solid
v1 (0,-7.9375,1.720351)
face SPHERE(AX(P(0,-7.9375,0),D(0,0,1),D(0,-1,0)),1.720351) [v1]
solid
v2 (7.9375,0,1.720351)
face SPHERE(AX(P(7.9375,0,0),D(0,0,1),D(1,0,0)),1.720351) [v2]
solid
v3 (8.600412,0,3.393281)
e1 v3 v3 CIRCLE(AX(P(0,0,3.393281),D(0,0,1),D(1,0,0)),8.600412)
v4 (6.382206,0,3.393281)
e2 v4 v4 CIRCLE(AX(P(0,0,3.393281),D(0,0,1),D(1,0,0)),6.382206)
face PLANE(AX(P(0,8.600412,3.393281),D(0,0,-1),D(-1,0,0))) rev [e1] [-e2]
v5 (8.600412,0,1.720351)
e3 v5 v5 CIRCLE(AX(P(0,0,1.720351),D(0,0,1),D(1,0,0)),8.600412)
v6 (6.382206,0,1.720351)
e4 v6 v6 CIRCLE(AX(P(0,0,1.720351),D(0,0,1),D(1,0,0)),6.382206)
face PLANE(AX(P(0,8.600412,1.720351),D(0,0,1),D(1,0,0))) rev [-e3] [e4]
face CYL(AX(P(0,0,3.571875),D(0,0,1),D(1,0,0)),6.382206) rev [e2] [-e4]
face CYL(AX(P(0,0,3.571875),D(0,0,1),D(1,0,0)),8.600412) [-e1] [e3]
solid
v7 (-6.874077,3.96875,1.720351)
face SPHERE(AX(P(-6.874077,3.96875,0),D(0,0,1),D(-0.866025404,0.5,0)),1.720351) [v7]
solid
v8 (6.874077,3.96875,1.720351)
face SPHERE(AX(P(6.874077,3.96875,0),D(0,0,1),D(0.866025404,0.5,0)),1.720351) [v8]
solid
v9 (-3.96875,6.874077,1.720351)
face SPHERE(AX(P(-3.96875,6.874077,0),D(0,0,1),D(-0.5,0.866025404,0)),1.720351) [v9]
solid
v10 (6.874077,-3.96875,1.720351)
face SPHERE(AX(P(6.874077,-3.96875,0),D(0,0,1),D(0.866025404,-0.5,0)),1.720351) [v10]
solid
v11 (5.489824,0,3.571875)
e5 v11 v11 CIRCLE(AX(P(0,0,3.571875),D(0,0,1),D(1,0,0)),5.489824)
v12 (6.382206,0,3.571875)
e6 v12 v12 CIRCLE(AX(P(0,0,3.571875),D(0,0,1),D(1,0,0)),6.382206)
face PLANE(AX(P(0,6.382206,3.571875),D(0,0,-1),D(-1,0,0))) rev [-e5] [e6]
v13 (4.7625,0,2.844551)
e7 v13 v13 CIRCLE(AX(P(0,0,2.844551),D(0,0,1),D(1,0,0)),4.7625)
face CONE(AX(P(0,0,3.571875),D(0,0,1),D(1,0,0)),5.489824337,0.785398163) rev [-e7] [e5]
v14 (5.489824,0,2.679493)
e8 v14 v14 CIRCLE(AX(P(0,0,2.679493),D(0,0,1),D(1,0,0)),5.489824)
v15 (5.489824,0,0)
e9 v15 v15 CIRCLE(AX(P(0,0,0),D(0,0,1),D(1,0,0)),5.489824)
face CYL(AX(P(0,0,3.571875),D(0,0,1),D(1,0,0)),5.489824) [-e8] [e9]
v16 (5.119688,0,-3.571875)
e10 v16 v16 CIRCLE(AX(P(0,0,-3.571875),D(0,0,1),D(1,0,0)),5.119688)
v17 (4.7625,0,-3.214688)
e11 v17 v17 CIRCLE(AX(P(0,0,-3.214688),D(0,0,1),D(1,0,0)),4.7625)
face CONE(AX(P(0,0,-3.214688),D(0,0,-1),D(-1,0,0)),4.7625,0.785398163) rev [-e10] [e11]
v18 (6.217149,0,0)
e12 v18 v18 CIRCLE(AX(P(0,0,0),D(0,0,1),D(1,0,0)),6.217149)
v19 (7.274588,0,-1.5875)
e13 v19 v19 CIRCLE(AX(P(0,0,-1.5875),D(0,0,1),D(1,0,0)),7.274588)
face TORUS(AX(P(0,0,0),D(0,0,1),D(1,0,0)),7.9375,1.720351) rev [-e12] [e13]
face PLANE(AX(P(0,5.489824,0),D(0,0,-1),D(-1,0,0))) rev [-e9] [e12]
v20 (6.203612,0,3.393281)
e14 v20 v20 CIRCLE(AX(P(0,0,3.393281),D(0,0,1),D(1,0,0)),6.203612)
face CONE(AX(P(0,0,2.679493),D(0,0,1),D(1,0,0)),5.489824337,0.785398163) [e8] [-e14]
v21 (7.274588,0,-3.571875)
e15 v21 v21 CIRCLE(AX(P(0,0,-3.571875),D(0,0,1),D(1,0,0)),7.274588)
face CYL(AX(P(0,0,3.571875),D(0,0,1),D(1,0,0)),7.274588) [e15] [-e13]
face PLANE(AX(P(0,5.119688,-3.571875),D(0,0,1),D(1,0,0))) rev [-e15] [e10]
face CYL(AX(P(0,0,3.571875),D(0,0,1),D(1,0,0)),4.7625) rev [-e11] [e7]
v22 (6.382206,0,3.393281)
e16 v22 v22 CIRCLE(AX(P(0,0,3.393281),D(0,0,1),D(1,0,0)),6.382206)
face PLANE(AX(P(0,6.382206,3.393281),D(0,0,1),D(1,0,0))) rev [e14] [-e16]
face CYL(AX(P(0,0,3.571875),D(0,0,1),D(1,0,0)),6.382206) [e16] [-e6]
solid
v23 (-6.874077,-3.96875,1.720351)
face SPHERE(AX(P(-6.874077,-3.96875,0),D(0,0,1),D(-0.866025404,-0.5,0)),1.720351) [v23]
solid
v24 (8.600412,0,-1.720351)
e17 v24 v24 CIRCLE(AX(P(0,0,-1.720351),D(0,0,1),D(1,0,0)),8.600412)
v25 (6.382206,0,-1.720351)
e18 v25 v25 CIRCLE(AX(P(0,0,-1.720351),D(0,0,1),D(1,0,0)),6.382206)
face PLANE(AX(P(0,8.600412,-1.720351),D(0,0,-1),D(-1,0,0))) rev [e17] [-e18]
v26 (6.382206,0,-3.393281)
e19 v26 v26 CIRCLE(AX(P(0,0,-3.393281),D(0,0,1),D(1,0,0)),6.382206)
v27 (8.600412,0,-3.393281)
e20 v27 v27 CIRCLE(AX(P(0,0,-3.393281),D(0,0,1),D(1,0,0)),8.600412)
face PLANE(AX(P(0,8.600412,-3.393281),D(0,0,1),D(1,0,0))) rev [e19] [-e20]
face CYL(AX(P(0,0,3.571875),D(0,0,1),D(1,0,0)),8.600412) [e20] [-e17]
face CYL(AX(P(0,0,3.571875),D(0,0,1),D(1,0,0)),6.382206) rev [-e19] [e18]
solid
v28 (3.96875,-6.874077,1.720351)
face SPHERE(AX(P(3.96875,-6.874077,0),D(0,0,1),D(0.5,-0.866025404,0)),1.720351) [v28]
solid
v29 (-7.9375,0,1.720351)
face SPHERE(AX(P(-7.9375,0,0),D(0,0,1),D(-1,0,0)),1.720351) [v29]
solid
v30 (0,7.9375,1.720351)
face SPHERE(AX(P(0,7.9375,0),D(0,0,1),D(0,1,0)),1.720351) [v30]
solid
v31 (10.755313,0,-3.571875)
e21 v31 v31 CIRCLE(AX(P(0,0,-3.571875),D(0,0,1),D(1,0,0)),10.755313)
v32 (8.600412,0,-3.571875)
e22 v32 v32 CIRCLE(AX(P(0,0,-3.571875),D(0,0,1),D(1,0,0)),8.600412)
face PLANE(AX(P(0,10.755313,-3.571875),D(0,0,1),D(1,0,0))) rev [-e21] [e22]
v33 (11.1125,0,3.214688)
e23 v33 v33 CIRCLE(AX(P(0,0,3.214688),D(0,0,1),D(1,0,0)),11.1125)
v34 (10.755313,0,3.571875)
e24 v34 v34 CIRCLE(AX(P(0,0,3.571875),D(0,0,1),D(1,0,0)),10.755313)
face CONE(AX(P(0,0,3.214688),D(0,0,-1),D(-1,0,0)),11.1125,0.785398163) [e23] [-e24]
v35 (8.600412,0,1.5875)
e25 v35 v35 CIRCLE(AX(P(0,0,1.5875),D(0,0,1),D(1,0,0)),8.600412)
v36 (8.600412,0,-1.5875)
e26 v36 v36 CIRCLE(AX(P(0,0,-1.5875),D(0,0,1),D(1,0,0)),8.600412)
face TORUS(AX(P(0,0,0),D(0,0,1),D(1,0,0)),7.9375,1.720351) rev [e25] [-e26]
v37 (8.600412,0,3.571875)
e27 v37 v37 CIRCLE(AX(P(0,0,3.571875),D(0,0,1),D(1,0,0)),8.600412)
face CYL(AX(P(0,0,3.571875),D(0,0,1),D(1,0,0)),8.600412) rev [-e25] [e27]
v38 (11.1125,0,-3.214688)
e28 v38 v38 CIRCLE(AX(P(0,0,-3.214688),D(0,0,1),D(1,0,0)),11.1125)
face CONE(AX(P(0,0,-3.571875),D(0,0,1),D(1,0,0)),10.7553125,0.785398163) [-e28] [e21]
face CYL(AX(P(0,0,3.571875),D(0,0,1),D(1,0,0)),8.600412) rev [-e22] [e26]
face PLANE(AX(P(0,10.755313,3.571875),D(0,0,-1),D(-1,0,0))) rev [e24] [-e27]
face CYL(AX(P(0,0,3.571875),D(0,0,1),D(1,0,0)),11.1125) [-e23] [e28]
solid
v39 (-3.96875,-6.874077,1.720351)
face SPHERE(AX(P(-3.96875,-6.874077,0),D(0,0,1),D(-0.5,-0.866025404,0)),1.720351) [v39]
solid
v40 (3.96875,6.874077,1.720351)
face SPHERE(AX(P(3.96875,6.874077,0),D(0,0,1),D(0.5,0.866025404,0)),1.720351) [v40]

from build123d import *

# Parameters (mm, degrees)
CIRPATTERN1_COUNT = 12
SKETCH5_W         = 1.672929924
SKETCH5_H         = 2.218205964


with BuildPart() as part:
    # Sketch1 → Revolve1 (revolve)
    with BuildSketch(Plane(origin=(0, 0, 0), x_dir=(0, 0, -1), z_dir=(1, 0, 0))):
        with BuildLine():
            Line((3.2146875, 11.1125), (-3.2146875, 11.1125))
            Line((-3.2146875, 11.1125), (-3.571875, 10.7553125))
            Line((-3.571875, 10.7553125), (-3.571875, 8.600412088))
            Line((-3.571875, 8.600412088), (-1.5875, 8.600412088))
            ThreePointArc((-1.5875, 8.600412088), (0, 9.657851326), (1.5875, 8.600412088))
            Line((1.5875, 8.600412088), (3.571875, 8.600412088))
            Line((3.571875, 8.600412088), (3.571875, 10.7553125))
            Line((3.571875, 10.7553125), (3.2146875, 11.1125))
        make_face()
    revolve(axis=Axis((0, 0, 3.571875), (0, 0, -1)))


with BuildPart() as body_2:
    # Sketch3 → Revolve3 (revolve)
    with BuildSketch(Plane(origin=(0, 0, 0), x_dir=(0, 0, -1), z_dir=(1, 0, 0))):
        with BuildLine():
            Line((-3.39328125, 6.203612374), (-2.679493212, 5.489824337))
            Line((-2.679493212, 5.489824337), (0, 5.489824337))
            Line((0, 5.489824337), (0, 6.217148674))
            ThreePointArc((0, 6.217148674), (0.95372087, 6.505709098), (1.5875, 7.274587912))
            Line((1.5875, 7.274587912), (3.571875, 7.274587912))
            Line((3.571875, 7.274587912), (3.571875, 5.1196875))
            Line((3.571875, 5.1196875), (3.2146875, 4.7625))
            Line((3.2146875, 4.7625), (-2.844550663, 4.7625))
            Line((-2.844550663, 4.7625), (-3.571875, 5.489824337))
            Line((-3.571875, 5.489824337), (-3.571875, 6.382206124))
            Line((-3.571875, 6.382206124), (-3.39328125, 6.382206124))
            Line((-3.39328125, 6.382206124), (-3.39328125, 6.203612374))
        make_face()
    revolve(axis=Axis((0, 0, 3.571875), (0, 0, -1)))


with BuildPart() as body_3:
    # Sketch4 → Revolve4 (revolve)
    with BuildSketch(Plane(origin=(0, 0, 0), x_dir=(0, 0, -1), z_dir=(1, 0, 0))):
        with BuildLine():
            Line((-1.720351326, 7.9375), (1.720351326, 7.9375))
            ThreePointArc((1.720351326, 7.9375), (0, 9.657851326), (-1.720351326, 7.9375))
        make_face()
    revolve(axis=Axis((0, 7.9375, 1.720351326), (0, 0, -1)))


with BuildPart() as cirpattern1_1:
    # CirPattern1: pattern copy
    add(body_3.part.rotate(Axis((0, 0, -3.571875), (0, 0, 1)), 1 * 360 / CIRPATTERN1_COUNT))


with BuildPart() as cirpattern1_2:
    # CirPattern1: pattern copy
    add(body_3.part.rotate(Axis((0, 0, -3.571875), (0, 0, 1)), 2 * 360 / CIRPATTERN1_COUNT))


with BuildPart() as cirpattern1_3:
    # CirPattern1: pattern copy
    add(body_3.part.rotate(Axis((0, 0, -3.571875), (0, 0, 1)), 3 * 360 / CIRPATTERN1_COUNT))


with BuildPart() as cirpattern1_4:
    # CirPattern1: pattern copy
    add(body_3.part.rotate(Axis((0, 0, -3.571875), (0, 0, 1)), 4 * 360 / CIRPATTERN1_COUNT))


with BuildPart() as cirpattern1_5:
    # CirPattern1: pattern copy
    add(body_3.part.rotate(Axis((0, 0, -3.571875), (0, 0, 1)), 5 * 360 / CIRPATTERN1_COUNT))


with BuildPart() as cirpattern1_6:
    # CirPattern1: pattern copy
    add(body_3.part.rotate(Axis((0, 0, -3.571875), (0, 0, 1)), 6 * 360 / CIRPATTERN1_COUNT))


with BuildPart() as cirpattern1_7:
    # CirPattern1: pattern copy
    add(body_3.part.rotate(Axis((0, 0, -3.571875), (0, 0, 1)), 7 * 360 / CIRPATTERN1_COUNT))


with BuildPart() as cirpattern1_8:
    # CirPattern1: pattern copy
    add(body_3.part.rotate(Axis((0, 0, -3.571875), (0, 0, 1)), 8 * 360 / CIRPATTERN1_COUNT))


with BuildPart() as cirpattern1_9:
    # CirPattern1: pattern copy
    add(body_3.part.rotate(Axis((0, 0, -3.571875), (0, 0, 1)), 9 * 360 / CIRPATTERN1_COUNT))


with BuildPart() as cirpattern1_10:
    # CirPattern1: pattern copy
    add(body_3.part.rotate(Axis((0, 0, -3.571875), (0, 0, 1)), 10 * 360 / CIRPATTERN1_COUNT))


with BuildPart() as cirpattern1_11:
    # CirPattern1: pattern copy
    add(body_3.part.rotate(Axis((0, 0, -3.571875), (0, 0, 1)), 11 * 360 / CIRPATTERN1_COUNT))


with BuildPart() as body_15:
    # Sketch5 → Revolve5 (revolve)
    with BuildSketch(Plane(origin=(0, 0, 0), x_dir=(0, 0, -1), z_dir=(1, 0, 0))):
        with Locations((-2.556816288, 7.491309106)):
            Rectangle(SKETCH5_W, SKETCH5_H)
        with Locations((2.556816288, 7.491309106)):
            Rectangle(SKETCH5_W, SKETCH5_H)
    revolve(axis=Axis((0, 0, 3.571875), (0, 0, -1)))


solid = Compound([part.part, body_2.part, body_3.part, cirpattern1_1.part, cirpattern1_2.part, cirpattern1_3.part, cirpattern1_4.part, cirpattern1_5.part, cirpattern1_6.part, cirpattern1_7.part, cirpattern1_8.part, cirpattern1_9.part, cirpattern1_10.part, cirpattern1_11.part, body_15.part])
